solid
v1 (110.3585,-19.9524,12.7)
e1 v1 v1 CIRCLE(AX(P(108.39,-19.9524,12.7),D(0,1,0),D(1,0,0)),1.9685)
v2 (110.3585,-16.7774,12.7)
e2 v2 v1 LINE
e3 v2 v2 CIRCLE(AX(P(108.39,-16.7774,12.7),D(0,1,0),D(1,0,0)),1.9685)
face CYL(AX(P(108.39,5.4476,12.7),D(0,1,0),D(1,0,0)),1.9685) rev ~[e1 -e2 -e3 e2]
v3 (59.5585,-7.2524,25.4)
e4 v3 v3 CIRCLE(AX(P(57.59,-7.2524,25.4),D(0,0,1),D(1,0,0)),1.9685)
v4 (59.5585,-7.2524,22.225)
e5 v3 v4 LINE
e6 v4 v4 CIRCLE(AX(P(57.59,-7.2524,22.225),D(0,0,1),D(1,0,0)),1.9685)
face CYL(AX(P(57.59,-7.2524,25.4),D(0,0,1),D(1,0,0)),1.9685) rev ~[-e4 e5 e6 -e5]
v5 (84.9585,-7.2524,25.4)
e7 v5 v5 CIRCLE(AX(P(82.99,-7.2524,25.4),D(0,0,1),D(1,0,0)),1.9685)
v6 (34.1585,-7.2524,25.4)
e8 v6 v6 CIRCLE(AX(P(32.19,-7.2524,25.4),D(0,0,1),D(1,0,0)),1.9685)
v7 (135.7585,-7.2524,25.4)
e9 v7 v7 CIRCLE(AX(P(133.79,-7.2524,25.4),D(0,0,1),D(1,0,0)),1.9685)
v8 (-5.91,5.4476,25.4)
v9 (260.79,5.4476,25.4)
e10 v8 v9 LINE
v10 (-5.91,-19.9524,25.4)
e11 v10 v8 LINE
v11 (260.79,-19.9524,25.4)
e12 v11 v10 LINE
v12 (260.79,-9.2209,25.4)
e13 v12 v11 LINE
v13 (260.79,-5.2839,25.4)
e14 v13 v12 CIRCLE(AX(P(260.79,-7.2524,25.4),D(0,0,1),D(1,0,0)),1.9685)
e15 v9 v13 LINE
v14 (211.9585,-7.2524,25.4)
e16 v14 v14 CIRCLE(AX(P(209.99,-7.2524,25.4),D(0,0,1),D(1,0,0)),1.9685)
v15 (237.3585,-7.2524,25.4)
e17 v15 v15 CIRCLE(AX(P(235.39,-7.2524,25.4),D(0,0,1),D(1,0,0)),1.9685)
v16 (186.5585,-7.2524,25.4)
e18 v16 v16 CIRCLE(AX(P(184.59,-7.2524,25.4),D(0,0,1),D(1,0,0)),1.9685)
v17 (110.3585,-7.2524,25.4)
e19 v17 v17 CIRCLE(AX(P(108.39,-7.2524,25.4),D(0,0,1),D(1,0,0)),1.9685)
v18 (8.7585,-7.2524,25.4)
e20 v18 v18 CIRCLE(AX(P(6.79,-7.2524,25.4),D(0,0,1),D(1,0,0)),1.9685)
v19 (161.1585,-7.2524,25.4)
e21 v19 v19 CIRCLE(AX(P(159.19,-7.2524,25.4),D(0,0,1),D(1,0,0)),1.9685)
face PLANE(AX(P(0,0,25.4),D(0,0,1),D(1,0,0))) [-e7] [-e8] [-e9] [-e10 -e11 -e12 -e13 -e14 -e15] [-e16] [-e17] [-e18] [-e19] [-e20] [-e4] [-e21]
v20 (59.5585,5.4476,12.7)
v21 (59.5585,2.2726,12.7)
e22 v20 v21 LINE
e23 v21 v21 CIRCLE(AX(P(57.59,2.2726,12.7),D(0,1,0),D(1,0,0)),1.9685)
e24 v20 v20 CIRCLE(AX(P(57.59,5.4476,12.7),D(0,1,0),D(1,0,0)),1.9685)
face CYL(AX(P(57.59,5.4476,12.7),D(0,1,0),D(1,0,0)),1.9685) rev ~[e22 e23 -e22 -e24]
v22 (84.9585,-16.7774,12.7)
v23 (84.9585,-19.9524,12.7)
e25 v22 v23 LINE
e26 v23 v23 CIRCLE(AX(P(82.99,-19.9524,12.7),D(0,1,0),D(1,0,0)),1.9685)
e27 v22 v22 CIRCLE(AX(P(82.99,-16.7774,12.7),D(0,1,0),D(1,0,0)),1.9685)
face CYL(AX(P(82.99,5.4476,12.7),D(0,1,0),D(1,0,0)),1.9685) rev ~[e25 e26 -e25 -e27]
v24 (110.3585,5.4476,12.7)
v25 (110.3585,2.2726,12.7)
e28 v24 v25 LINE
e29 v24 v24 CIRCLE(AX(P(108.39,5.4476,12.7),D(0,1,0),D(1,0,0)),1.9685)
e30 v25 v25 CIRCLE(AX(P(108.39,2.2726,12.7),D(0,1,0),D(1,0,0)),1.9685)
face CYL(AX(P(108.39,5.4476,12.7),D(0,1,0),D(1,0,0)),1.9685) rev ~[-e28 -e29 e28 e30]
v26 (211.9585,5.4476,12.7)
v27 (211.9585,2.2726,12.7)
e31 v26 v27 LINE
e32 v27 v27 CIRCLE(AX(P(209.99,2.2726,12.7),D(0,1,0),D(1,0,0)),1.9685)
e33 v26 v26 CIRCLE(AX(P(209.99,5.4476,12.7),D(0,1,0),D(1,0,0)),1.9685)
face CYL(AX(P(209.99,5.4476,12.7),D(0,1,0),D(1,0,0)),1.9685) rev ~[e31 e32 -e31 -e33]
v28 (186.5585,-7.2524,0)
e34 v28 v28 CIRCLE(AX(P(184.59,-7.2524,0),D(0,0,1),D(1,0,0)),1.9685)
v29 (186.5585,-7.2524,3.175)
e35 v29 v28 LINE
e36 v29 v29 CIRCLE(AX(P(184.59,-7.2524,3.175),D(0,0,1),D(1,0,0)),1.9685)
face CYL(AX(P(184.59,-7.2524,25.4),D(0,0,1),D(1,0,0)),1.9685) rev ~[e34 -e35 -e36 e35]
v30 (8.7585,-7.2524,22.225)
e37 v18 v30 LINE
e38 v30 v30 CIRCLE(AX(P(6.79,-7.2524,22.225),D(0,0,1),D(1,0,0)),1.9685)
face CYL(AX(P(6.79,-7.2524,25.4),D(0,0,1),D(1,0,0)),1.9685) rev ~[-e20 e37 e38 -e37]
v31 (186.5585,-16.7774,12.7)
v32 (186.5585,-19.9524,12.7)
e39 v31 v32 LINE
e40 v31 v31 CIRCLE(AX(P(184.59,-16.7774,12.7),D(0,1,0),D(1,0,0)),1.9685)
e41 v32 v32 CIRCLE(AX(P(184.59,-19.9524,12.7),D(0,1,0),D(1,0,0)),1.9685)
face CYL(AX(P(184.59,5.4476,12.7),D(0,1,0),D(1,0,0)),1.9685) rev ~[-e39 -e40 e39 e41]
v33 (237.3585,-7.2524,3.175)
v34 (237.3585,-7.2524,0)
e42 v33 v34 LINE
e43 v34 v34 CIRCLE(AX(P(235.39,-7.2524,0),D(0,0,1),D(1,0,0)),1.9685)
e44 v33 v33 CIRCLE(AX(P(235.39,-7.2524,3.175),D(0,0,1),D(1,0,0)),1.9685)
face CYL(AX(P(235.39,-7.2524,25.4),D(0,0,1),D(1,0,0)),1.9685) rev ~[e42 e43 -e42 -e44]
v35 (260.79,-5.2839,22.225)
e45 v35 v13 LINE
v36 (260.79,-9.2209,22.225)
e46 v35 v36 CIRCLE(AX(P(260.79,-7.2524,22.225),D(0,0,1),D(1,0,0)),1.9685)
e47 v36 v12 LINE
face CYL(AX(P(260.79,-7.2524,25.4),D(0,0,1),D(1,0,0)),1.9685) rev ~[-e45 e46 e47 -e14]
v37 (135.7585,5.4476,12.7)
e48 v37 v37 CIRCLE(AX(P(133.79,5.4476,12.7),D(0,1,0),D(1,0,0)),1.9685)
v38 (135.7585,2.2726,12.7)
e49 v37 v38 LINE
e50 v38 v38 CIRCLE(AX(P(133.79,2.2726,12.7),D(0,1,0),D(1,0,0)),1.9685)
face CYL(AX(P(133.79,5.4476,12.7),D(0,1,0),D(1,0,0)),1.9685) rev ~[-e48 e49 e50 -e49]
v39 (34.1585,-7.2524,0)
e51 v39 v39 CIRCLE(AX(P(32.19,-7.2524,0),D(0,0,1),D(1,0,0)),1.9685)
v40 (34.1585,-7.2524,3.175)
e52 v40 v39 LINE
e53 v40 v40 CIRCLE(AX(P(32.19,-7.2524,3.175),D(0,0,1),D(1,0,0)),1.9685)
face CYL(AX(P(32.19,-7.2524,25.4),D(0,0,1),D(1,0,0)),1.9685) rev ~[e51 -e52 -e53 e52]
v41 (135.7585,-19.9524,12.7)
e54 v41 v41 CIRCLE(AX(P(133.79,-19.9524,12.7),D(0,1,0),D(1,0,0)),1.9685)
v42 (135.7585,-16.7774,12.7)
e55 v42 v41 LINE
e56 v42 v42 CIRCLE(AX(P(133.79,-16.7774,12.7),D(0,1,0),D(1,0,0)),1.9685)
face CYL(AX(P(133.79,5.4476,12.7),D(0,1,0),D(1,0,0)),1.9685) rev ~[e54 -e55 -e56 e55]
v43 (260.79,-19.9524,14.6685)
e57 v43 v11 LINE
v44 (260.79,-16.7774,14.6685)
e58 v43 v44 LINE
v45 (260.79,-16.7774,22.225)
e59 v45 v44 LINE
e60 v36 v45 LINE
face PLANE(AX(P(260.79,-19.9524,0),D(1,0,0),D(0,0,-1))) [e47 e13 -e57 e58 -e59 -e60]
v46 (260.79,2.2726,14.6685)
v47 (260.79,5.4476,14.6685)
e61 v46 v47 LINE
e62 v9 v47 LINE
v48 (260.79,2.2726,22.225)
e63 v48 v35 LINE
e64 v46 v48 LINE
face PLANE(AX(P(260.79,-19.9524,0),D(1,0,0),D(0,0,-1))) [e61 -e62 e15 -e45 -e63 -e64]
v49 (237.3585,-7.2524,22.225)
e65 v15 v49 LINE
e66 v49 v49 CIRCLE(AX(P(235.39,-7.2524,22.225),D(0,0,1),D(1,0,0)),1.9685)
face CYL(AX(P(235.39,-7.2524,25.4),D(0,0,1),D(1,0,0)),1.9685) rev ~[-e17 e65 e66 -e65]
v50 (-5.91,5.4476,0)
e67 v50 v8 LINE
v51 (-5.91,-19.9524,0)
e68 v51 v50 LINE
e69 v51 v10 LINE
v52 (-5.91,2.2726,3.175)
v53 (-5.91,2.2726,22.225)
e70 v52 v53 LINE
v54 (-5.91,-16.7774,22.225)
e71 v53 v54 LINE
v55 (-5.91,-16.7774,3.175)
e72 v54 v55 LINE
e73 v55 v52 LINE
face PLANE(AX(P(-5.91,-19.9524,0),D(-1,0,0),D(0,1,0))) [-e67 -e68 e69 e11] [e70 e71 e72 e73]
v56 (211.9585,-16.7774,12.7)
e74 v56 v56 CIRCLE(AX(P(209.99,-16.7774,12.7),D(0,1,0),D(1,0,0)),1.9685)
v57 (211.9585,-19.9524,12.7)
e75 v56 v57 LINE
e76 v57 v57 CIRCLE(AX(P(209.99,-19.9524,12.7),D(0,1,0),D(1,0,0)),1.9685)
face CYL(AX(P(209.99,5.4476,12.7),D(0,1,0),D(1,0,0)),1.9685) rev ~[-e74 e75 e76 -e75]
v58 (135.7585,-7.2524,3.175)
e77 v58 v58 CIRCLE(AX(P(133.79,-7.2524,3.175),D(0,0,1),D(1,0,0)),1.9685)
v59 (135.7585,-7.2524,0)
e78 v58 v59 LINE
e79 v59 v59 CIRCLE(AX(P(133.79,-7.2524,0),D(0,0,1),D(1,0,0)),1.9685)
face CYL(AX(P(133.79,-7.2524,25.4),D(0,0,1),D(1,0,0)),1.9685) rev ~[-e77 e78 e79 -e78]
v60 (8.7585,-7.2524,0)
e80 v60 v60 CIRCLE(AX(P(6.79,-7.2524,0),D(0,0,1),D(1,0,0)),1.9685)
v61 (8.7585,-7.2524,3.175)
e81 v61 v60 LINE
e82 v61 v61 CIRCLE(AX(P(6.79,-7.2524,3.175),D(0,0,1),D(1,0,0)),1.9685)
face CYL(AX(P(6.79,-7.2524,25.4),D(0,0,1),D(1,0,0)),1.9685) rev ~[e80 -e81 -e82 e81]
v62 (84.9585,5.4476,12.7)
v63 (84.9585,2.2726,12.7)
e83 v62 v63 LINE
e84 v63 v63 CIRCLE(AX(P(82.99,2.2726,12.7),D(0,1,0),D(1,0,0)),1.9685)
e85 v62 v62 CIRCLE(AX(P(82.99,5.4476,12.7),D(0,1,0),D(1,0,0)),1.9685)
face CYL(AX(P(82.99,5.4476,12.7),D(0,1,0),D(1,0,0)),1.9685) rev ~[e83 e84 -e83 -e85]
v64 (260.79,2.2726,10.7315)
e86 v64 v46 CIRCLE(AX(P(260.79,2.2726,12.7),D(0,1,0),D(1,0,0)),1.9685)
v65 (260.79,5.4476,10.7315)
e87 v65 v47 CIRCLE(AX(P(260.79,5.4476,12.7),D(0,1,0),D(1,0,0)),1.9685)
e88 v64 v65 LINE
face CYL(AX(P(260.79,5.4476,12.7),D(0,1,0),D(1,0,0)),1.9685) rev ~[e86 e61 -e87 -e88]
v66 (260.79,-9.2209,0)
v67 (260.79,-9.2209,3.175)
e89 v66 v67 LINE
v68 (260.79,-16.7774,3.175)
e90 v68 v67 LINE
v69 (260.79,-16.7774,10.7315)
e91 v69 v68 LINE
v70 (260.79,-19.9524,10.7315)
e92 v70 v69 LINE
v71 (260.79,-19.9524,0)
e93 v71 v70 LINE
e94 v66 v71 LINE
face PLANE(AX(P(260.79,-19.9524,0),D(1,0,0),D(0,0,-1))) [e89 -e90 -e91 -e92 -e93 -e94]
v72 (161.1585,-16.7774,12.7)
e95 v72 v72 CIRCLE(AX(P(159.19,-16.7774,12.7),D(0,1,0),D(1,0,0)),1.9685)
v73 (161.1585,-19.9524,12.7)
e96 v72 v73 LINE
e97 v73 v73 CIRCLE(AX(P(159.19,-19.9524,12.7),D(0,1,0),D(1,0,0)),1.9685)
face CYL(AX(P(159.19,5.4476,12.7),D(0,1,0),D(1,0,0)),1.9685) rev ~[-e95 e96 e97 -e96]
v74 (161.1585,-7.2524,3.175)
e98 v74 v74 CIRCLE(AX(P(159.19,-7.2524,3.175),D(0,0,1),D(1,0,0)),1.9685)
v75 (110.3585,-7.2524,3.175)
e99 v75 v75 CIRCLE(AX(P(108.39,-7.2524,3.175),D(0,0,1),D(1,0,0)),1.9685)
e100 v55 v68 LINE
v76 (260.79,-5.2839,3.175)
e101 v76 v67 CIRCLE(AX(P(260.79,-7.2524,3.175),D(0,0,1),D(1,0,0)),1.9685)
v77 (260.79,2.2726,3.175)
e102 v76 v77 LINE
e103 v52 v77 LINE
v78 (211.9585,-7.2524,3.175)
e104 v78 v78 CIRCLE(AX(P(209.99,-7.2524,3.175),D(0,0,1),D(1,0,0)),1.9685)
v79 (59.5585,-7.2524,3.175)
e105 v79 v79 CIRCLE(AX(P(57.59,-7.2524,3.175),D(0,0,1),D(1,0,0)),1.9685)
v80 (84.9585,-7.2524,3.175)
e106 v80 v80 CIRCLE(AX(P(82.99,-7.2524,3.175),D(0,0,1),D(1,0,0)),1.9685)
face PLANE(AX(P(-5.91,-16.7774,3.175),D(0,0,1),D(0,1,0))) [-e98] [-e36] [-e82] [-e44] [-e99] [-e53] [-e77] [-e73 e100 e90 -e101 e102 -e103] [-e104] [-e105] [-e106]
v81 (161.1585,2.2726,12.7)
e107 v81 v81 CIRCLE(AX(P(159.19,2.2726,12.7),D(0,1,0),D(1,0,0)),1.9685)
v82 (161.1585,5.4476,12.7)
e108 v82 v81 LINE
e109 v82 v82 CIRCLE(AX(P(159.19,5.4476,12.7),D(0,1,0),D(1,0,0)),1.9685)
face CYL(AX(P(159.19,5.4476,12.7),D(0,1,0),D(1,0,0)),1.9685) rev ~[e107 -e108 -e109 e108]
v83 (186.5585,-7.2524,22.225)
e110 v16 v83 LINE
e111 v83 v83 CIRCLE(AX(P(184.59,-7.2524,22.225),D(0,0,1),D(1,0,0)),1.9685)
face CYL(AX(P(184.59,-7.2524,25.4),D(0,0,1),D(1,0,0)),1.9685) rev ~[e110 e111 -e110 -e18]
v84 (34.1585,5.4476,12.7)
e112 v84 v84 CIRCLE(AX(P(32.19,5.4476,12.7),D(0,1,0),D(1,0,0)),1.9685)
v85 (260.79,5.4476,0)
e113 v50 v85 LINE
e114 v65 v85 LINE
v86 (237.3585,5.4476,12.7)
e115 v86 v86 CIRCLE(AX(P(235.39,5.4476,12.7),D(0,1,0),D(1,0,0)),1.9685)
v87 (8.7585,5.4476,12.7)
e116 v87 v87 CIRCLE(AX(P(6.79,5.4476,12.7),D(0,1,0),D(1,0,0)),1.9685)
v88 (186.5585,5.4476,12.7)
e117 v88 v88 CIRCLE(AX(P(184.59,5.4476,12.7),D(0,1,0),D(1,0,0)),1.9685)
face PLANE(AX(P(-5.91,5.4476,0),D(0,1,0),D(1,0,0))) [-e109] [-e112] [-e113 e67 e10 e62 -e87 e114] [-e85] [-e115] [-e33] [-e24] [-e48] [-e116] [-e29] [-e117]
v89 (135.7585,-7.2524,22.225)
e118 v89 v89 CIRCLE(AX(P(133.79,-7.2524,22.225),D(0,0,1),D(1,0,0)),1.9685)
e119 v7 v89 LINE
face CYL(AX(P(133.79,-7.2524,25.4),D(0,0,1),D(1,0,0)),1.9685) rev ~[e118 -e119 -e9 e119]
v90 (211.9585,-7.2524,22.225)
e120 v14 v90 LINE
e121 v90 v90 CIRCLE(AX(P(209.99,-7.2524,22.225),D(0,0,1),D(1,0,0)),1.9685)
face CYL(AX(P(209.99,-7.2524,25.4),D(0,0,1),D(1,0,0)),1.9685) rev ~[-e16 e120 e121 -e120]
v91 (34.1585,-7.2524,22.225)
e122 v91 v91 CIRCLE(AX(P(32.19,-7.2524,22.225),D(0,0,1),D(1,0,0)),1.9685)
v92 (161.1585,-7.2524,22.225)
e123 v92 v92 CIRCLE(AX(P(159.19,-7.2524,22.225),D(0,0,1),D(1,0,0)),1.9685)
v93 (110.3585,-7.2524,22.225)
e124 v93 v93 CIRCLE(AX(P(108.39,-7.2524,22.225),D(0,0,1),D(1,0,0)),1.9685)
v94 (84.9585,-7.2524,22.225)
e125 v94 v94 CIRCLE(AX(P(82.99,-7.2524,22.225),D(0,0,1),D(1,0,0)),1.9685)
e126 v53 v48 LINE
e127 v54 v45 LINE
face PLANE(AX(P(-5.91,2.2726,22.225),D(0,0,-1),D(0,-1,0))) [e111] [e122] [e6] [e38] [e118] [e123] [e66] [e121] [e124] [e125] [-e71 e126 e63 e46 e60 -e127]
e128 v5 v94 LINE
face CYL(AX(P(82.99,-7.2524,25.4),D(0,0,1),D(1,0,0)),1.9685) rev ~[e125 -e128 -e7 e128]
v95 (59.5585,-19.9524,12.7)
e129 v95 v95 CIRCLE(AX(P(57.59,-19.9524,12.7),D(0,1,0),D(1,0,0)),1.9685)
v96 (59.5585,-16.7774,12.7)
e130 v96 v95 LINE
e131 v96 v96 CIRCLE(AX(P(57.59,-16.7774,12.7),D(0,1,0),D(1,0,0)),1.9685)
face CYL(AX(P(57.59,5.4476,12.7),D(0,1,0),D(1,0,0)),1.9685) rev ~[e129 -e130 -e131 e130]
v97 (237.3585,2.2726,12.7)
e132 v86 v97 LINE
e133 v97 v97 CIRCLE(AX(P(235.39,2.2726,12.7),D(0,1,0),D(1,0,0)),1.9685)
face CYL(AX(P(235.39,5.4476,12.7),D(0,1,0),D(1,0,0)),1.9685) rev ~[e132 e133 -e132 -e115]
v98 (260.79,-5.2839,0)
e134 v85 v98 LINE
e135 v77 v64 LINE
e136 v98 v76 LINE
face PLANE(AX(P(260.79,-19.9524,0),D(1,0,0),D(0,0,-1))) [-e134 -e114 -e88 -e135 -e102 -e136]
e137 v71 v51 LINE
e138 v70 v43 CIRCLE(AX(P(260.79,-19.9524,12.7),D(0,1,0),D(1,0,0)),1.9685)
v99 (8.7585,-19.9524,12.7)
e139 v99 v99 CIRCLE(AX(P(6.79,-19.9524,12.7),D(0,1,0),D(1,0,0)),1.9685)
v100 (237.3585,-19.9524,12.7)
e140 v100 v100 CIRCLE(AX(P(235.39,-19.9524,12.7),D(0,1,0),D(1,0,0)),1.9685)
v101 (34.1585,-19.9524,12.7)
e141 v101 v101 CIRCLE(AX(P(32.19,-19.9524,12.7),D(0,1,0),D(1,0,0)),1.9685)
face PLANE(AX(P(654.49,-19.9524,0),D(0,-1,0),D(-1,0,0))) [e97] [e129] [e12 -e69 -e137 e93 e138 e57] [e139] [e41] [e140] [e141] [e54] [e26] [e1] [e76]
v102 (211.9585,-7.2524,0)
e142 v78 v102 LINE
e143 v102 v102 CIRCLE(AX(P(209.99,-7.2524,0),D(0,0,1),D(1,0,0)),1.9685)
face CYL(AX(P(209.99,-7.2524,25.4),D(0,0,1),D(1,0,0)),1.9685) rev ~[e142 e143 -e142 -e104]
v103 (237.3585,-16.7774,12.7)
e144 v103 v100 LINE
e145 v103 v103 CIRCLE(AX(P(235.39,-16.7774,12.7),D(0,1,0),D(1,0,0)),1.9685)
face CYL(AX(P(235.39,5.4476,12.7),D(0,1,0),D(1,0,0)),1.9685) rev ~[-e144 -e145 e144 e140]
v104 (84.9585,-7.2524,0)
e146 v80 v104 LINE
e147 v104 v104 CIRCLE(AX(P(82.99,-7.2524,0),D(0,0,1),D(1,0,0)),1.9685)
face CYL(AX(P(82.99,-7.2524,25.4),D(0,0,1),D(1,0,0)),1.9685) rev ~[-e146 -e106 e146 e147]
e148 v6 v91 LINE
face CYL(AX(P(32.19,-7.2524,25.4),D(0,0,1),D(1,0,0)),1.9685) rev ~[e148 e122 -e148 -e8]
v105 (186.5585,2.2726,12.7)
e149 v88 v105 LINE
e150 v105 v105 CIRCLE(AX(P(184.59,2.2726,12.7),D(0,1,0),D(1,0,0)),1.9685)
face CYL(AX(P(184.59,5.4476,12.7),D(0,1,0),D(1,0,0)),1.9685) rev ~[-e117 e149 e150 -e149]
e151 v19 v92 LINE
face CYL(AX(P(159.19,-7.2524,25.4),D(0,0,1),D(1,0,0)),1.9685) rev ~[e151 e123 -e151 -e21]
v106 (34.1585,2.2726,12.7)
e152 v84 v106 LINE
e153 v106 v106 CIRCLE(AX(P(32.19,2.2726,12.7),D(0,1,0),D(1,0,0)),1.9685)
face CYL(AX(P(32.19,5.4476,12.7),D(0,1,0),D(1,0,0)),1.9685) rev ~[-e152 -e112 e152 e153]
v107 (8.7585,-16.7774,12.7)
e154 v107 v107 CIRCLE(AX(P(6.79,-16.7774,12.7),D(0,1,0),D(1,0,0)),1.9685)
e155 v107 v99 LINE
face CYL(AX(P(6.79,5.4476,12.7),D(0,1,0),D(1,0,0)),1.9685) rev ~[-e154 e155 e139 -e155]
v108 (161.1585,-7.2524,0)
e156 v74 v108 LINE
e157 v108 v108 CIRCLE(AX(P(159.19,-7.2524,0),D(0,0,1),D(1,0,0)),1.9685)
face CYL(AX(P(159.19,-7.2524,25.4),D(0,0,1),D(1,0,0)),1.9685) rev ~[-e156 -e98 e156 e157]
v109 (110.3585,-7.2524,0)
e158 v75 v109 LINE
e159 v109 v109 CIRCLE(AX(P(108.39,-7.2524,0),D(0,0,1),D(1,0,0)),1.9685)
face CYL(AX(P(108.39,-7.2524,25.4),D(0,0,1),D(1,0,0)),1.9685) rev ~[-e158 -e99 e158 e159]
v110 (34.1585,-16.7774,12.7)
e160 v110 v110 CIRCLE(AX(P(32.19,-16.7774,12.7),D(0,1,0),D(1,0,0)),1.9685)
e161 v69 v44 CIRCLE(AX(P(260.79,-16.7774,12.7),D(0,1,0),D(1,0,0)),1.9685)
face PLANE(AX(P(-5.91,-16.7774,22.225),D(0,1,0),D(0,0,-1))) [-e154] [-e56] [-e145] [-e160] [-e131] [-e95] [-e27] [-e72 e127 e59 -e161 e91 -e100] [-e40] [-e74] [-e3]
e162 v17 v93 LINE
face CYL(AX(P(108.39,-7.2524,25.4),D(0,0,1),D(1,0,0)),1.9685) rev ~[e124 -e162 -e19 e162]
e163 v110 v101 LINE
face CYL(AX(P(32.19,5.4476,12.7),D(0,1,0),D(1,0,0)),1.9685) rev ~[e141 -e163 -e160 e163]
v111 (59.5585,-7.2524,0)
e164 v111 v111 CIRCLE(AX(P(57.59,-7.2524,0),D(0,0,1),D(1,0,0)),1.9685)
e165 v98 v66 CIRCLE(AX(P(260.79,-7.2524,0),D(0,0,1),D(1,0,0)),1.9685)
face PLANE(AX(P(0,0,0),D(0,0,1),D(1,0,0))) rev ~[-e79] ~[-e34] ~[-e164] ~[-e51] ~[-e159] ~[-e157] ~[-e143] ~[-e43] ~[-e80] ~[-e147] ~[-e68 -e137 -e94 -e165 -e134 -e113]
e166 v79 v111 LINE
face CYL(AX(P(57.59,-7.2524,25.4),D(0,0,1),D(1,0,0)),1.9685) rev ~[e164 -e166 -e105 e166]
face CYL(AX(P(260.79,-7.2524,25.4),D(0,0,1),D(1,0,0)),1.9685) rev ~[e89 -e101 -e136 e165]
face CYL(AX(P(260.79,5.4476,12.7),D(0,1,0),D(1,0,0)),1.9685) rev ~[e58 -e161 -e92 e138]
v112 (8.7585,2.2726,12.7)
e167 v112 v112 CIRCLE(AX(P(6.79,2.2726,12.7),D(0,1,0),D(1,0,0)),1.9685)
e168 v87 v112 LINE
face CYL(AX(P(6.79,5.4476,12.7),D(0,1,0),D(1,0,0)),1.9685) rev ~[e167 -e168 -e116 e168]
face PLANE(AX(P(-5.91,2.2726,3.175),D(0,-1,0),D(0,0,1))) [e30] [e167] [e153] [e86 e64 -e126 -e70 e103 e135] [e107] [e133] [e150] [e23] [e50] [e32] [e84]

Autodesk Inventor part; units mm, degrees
ref_plane "YZ Plane" through (0, 0, 0) normal (1, 0, 0) x (0, 1, 0)
ref_plane "XZ Plane" through (0, 0, 0) normal (0, 1, 0) x (-1, 0, 0)
ref_plane "XY Plane" through (0, 0, 0) normal (0, 0, 1) x (1, 0, 0)
sketch "Sketch1" plane through (0, 0, 0) normal (0, 0, 1) x (1, 0, 0)
  line L0 (-5.91, 5.4476) -> (654.49, 5.4476)
  line L1 (654.49, 5.4476) -> (654.49, -19.9524)
  line L2 (654.49, -19.9524) -> (-5.91, -19.9524)
  line L3 (-5.91, -19.9524) -> (-5.91, 5.4476)
  point P0 (0, 0)
  dimension "d0" = 660.4
  dimension "d1" = 25.4
extrude "Extrusion1" add sketch "Sketch1" along normal blind 25.4
sketch "Sketch2" plane through (0, 0, 25.4) normal (0, 0, 1) x (1, 0, 0)
  circle A0 centre (6.79, -7.2524) radius 1.9685
  line L0 (-5.91, 5.4476) -> (-5.91, -19.9524) projected
  line L1 (-5.91, -19.9524) -> (654.49, -19.9524) projected
  circle A1 centre (32.19, -7.2524) radius 1.9685
  circle A2 centre (57.59, -7.2524) radius 1.9685
  circle A3 centre (82.99, -7.2524) radius 1.9685
  circle A4 centre (108.39, -7.2524) radius 1.9685
  circle A5 centre (133.79, -7.2524) radius 1.9685
  circle A6 centre (159.19, -7.2524) radius 1.9685
  circle A7 centre (184.59, -7.2524) radius 1.9685
  circle A8 centre (209.99, -7.2524) radius 1.9685
  circle A9 centre (235.39, -7.2524) radius 1.9685
  circle A10 centre (260.79, -7.2524) radius 1.9685
  circle A11 centre (286.19, -7.2524) radius 1.9685
  circle A12 centre (311.59, -7.2524) radius 1.9685
  circle A13 centre (336.99, -7.2524) radius 1.9685
  circle A14 centre (362.39, -7.2524) radius 1.9685
  circle A15 centre (387.79, -7.2524) radius 1.9685
  circle A16 centre (413.19, -7.2524) radius 1.9685
  circle A17 centre (438.59, -7.2524) radius 1.9685
  circle A18 centre (463.99, -7.2524) radius 1.9685
  circle A19 centre (489.39, -7.2524) radius 1.9685
  circle A20 centre (514.79, -7.2524) radius 1.9685
  circle A21 centre (540.19, -7.2524) radius 1.9685
  circle A22 centre (565.59, -7.2524) radius 1.9685
  circle A23 centre (590.99, -7.2524) radius 1.9685
  circle A24 centre (616.39, -7.2524) radius 1.9685
  circle A25 centre (641.79, -7.2524) radius 1.9685
  point P0 (0, 0)
  dimension "d4" = 3.937
  dimension "d5" = 12.7
  dimension "d6" = 12.7
  dimension "d9" = 25.4
  dimension "d16" = 25.4
extrude "Extrusion2" cut sketch "Sketch2" against normal blind 25.4
sketch "Sketch3" plane through (-5.91, -19.9524, 0) normal (-1, 0, 0) x (0, 0, 1)
  line L0 (3.175, 22.225) -> (22.225, 22.225)
  line L1 (22.225, 22.225) -> (22.225, 3.175)
  line L2 (22.225, 3.175) -> (3.175, 3.175)
  line L3 (3.175, 3.175) -> (3.175, 22.225)
  line L4 (0, 25.4) -> (25.4, 25.4) projected
  line L5 (0, 0) -> (0, 25.4) projected
  line L6 (0, 0) -> (25.4, 0) projected
  line L7 (25.4, 25.4) -> (25.4, 0) projected
  point P0 (0, 19.9524)
  dimension "d23" = 3.175
  dimension "d24" = 3.175
  dimension "d25" = 3.175
  dimension "d26" = 3.175
sketch "Sketch4" plane through (-5.91, 5.4476, 0) normal (0, 1, 0) x (1, 0, 0)
  circle A0 centre (12.7, -12.7) radius 1.9685
  line L0 (0, 0) -> (0, -25.4) projected
  line L1 (660.4, -25.4) -> (0, -25.4) projected
  circle A1 centre (38.1, -12.7) radius 1.9685
  circle A2 centre (63.5, -12.7) radius 1.9685
  circle A3 centre (88.9, -12.7) radius 1.9685
  circle A4 centre (114.3, -12.7) radius 1.9685
  circle A5 centre (139.7, -12.7) radius 1.9685
  circle A6 centre (165.1, -12.7) radius 1.9685
  circle A7 centre (190.5, -12.7) radius 1.9685
  circle A8 centre (215.9, -12.7) radius 1.9685
  circle A9 centre (241.3, -12.7) radius 1.9685
  circle A10 centre (266.7, -12.7) radius 1.9685
  circle A11 centre (292.1, -12.7) radius 1.9685
  circle A12 centre (317.5, -12.7) radius 1.9685
  circle A13 centre (342.9, -12.7) radius 1.9685
  circle A14 centre (368.3, -12.7) radius 1.9685
  circle A15 centre (393.7, -12.7) radius 1.9685
  circle A16 centre (419.1, -12.7) radius 1.9685
  circle A17 centre (444.5, -12.7) radius 1.9685
  circle A18 centre (469.9, -12.7) radius 1.9685
  circle A19 centre (495.3, -12.7) radius 1.9685
  circle A20 centre (520.7, -12.7) radius 1.9685
  circle A21 centre (546.1, -12.7) radius 1.9685
  circle A22 centre (571.5, -12.7) radius 1.9685
  circle A23 centre (596.9, -12.7) radius 1.9685
  circle A24 centre (622.3, -12.7) radius 1.9685
  circle A25 centre (647.7, -12.7) radius 1.9685
  point P0 (5.91, 0)
  dimension "d27" = 3.937
  dimension "d28" = 12.7
  dimension "d29" = 12.7
  dimension "d32" = 25.4
extrude "Extrusion3" cut sketch "Sketch4" against normal blind 25.4
extrude "Extrusion4" cut sketch "Sketch3" against normal blind 660.4 contours L0 L1 L2 L3
sketch "Sketch5" plane through (654.49, -19.9524, 0) normal (1, 0, 0) x (0, 0, -1)
  line L0 (-25.4, 25.4) -> (-25.4, 0) projected
  line L1 (-25.4, 25.4) -> (0, 25.4)
  line L2 (0, 25.4) -> (0, 0)
  line L3 (0, 0) -> (-25.4, 0)
  line L4 (-25.4, 0) -> (-25.4, 25.4)
  point P0 (0, 19.9524)
extrude "Extrusion5" cut sketch "Sketch5" against normal blind 393.7
properties part number "real numbah 9"
